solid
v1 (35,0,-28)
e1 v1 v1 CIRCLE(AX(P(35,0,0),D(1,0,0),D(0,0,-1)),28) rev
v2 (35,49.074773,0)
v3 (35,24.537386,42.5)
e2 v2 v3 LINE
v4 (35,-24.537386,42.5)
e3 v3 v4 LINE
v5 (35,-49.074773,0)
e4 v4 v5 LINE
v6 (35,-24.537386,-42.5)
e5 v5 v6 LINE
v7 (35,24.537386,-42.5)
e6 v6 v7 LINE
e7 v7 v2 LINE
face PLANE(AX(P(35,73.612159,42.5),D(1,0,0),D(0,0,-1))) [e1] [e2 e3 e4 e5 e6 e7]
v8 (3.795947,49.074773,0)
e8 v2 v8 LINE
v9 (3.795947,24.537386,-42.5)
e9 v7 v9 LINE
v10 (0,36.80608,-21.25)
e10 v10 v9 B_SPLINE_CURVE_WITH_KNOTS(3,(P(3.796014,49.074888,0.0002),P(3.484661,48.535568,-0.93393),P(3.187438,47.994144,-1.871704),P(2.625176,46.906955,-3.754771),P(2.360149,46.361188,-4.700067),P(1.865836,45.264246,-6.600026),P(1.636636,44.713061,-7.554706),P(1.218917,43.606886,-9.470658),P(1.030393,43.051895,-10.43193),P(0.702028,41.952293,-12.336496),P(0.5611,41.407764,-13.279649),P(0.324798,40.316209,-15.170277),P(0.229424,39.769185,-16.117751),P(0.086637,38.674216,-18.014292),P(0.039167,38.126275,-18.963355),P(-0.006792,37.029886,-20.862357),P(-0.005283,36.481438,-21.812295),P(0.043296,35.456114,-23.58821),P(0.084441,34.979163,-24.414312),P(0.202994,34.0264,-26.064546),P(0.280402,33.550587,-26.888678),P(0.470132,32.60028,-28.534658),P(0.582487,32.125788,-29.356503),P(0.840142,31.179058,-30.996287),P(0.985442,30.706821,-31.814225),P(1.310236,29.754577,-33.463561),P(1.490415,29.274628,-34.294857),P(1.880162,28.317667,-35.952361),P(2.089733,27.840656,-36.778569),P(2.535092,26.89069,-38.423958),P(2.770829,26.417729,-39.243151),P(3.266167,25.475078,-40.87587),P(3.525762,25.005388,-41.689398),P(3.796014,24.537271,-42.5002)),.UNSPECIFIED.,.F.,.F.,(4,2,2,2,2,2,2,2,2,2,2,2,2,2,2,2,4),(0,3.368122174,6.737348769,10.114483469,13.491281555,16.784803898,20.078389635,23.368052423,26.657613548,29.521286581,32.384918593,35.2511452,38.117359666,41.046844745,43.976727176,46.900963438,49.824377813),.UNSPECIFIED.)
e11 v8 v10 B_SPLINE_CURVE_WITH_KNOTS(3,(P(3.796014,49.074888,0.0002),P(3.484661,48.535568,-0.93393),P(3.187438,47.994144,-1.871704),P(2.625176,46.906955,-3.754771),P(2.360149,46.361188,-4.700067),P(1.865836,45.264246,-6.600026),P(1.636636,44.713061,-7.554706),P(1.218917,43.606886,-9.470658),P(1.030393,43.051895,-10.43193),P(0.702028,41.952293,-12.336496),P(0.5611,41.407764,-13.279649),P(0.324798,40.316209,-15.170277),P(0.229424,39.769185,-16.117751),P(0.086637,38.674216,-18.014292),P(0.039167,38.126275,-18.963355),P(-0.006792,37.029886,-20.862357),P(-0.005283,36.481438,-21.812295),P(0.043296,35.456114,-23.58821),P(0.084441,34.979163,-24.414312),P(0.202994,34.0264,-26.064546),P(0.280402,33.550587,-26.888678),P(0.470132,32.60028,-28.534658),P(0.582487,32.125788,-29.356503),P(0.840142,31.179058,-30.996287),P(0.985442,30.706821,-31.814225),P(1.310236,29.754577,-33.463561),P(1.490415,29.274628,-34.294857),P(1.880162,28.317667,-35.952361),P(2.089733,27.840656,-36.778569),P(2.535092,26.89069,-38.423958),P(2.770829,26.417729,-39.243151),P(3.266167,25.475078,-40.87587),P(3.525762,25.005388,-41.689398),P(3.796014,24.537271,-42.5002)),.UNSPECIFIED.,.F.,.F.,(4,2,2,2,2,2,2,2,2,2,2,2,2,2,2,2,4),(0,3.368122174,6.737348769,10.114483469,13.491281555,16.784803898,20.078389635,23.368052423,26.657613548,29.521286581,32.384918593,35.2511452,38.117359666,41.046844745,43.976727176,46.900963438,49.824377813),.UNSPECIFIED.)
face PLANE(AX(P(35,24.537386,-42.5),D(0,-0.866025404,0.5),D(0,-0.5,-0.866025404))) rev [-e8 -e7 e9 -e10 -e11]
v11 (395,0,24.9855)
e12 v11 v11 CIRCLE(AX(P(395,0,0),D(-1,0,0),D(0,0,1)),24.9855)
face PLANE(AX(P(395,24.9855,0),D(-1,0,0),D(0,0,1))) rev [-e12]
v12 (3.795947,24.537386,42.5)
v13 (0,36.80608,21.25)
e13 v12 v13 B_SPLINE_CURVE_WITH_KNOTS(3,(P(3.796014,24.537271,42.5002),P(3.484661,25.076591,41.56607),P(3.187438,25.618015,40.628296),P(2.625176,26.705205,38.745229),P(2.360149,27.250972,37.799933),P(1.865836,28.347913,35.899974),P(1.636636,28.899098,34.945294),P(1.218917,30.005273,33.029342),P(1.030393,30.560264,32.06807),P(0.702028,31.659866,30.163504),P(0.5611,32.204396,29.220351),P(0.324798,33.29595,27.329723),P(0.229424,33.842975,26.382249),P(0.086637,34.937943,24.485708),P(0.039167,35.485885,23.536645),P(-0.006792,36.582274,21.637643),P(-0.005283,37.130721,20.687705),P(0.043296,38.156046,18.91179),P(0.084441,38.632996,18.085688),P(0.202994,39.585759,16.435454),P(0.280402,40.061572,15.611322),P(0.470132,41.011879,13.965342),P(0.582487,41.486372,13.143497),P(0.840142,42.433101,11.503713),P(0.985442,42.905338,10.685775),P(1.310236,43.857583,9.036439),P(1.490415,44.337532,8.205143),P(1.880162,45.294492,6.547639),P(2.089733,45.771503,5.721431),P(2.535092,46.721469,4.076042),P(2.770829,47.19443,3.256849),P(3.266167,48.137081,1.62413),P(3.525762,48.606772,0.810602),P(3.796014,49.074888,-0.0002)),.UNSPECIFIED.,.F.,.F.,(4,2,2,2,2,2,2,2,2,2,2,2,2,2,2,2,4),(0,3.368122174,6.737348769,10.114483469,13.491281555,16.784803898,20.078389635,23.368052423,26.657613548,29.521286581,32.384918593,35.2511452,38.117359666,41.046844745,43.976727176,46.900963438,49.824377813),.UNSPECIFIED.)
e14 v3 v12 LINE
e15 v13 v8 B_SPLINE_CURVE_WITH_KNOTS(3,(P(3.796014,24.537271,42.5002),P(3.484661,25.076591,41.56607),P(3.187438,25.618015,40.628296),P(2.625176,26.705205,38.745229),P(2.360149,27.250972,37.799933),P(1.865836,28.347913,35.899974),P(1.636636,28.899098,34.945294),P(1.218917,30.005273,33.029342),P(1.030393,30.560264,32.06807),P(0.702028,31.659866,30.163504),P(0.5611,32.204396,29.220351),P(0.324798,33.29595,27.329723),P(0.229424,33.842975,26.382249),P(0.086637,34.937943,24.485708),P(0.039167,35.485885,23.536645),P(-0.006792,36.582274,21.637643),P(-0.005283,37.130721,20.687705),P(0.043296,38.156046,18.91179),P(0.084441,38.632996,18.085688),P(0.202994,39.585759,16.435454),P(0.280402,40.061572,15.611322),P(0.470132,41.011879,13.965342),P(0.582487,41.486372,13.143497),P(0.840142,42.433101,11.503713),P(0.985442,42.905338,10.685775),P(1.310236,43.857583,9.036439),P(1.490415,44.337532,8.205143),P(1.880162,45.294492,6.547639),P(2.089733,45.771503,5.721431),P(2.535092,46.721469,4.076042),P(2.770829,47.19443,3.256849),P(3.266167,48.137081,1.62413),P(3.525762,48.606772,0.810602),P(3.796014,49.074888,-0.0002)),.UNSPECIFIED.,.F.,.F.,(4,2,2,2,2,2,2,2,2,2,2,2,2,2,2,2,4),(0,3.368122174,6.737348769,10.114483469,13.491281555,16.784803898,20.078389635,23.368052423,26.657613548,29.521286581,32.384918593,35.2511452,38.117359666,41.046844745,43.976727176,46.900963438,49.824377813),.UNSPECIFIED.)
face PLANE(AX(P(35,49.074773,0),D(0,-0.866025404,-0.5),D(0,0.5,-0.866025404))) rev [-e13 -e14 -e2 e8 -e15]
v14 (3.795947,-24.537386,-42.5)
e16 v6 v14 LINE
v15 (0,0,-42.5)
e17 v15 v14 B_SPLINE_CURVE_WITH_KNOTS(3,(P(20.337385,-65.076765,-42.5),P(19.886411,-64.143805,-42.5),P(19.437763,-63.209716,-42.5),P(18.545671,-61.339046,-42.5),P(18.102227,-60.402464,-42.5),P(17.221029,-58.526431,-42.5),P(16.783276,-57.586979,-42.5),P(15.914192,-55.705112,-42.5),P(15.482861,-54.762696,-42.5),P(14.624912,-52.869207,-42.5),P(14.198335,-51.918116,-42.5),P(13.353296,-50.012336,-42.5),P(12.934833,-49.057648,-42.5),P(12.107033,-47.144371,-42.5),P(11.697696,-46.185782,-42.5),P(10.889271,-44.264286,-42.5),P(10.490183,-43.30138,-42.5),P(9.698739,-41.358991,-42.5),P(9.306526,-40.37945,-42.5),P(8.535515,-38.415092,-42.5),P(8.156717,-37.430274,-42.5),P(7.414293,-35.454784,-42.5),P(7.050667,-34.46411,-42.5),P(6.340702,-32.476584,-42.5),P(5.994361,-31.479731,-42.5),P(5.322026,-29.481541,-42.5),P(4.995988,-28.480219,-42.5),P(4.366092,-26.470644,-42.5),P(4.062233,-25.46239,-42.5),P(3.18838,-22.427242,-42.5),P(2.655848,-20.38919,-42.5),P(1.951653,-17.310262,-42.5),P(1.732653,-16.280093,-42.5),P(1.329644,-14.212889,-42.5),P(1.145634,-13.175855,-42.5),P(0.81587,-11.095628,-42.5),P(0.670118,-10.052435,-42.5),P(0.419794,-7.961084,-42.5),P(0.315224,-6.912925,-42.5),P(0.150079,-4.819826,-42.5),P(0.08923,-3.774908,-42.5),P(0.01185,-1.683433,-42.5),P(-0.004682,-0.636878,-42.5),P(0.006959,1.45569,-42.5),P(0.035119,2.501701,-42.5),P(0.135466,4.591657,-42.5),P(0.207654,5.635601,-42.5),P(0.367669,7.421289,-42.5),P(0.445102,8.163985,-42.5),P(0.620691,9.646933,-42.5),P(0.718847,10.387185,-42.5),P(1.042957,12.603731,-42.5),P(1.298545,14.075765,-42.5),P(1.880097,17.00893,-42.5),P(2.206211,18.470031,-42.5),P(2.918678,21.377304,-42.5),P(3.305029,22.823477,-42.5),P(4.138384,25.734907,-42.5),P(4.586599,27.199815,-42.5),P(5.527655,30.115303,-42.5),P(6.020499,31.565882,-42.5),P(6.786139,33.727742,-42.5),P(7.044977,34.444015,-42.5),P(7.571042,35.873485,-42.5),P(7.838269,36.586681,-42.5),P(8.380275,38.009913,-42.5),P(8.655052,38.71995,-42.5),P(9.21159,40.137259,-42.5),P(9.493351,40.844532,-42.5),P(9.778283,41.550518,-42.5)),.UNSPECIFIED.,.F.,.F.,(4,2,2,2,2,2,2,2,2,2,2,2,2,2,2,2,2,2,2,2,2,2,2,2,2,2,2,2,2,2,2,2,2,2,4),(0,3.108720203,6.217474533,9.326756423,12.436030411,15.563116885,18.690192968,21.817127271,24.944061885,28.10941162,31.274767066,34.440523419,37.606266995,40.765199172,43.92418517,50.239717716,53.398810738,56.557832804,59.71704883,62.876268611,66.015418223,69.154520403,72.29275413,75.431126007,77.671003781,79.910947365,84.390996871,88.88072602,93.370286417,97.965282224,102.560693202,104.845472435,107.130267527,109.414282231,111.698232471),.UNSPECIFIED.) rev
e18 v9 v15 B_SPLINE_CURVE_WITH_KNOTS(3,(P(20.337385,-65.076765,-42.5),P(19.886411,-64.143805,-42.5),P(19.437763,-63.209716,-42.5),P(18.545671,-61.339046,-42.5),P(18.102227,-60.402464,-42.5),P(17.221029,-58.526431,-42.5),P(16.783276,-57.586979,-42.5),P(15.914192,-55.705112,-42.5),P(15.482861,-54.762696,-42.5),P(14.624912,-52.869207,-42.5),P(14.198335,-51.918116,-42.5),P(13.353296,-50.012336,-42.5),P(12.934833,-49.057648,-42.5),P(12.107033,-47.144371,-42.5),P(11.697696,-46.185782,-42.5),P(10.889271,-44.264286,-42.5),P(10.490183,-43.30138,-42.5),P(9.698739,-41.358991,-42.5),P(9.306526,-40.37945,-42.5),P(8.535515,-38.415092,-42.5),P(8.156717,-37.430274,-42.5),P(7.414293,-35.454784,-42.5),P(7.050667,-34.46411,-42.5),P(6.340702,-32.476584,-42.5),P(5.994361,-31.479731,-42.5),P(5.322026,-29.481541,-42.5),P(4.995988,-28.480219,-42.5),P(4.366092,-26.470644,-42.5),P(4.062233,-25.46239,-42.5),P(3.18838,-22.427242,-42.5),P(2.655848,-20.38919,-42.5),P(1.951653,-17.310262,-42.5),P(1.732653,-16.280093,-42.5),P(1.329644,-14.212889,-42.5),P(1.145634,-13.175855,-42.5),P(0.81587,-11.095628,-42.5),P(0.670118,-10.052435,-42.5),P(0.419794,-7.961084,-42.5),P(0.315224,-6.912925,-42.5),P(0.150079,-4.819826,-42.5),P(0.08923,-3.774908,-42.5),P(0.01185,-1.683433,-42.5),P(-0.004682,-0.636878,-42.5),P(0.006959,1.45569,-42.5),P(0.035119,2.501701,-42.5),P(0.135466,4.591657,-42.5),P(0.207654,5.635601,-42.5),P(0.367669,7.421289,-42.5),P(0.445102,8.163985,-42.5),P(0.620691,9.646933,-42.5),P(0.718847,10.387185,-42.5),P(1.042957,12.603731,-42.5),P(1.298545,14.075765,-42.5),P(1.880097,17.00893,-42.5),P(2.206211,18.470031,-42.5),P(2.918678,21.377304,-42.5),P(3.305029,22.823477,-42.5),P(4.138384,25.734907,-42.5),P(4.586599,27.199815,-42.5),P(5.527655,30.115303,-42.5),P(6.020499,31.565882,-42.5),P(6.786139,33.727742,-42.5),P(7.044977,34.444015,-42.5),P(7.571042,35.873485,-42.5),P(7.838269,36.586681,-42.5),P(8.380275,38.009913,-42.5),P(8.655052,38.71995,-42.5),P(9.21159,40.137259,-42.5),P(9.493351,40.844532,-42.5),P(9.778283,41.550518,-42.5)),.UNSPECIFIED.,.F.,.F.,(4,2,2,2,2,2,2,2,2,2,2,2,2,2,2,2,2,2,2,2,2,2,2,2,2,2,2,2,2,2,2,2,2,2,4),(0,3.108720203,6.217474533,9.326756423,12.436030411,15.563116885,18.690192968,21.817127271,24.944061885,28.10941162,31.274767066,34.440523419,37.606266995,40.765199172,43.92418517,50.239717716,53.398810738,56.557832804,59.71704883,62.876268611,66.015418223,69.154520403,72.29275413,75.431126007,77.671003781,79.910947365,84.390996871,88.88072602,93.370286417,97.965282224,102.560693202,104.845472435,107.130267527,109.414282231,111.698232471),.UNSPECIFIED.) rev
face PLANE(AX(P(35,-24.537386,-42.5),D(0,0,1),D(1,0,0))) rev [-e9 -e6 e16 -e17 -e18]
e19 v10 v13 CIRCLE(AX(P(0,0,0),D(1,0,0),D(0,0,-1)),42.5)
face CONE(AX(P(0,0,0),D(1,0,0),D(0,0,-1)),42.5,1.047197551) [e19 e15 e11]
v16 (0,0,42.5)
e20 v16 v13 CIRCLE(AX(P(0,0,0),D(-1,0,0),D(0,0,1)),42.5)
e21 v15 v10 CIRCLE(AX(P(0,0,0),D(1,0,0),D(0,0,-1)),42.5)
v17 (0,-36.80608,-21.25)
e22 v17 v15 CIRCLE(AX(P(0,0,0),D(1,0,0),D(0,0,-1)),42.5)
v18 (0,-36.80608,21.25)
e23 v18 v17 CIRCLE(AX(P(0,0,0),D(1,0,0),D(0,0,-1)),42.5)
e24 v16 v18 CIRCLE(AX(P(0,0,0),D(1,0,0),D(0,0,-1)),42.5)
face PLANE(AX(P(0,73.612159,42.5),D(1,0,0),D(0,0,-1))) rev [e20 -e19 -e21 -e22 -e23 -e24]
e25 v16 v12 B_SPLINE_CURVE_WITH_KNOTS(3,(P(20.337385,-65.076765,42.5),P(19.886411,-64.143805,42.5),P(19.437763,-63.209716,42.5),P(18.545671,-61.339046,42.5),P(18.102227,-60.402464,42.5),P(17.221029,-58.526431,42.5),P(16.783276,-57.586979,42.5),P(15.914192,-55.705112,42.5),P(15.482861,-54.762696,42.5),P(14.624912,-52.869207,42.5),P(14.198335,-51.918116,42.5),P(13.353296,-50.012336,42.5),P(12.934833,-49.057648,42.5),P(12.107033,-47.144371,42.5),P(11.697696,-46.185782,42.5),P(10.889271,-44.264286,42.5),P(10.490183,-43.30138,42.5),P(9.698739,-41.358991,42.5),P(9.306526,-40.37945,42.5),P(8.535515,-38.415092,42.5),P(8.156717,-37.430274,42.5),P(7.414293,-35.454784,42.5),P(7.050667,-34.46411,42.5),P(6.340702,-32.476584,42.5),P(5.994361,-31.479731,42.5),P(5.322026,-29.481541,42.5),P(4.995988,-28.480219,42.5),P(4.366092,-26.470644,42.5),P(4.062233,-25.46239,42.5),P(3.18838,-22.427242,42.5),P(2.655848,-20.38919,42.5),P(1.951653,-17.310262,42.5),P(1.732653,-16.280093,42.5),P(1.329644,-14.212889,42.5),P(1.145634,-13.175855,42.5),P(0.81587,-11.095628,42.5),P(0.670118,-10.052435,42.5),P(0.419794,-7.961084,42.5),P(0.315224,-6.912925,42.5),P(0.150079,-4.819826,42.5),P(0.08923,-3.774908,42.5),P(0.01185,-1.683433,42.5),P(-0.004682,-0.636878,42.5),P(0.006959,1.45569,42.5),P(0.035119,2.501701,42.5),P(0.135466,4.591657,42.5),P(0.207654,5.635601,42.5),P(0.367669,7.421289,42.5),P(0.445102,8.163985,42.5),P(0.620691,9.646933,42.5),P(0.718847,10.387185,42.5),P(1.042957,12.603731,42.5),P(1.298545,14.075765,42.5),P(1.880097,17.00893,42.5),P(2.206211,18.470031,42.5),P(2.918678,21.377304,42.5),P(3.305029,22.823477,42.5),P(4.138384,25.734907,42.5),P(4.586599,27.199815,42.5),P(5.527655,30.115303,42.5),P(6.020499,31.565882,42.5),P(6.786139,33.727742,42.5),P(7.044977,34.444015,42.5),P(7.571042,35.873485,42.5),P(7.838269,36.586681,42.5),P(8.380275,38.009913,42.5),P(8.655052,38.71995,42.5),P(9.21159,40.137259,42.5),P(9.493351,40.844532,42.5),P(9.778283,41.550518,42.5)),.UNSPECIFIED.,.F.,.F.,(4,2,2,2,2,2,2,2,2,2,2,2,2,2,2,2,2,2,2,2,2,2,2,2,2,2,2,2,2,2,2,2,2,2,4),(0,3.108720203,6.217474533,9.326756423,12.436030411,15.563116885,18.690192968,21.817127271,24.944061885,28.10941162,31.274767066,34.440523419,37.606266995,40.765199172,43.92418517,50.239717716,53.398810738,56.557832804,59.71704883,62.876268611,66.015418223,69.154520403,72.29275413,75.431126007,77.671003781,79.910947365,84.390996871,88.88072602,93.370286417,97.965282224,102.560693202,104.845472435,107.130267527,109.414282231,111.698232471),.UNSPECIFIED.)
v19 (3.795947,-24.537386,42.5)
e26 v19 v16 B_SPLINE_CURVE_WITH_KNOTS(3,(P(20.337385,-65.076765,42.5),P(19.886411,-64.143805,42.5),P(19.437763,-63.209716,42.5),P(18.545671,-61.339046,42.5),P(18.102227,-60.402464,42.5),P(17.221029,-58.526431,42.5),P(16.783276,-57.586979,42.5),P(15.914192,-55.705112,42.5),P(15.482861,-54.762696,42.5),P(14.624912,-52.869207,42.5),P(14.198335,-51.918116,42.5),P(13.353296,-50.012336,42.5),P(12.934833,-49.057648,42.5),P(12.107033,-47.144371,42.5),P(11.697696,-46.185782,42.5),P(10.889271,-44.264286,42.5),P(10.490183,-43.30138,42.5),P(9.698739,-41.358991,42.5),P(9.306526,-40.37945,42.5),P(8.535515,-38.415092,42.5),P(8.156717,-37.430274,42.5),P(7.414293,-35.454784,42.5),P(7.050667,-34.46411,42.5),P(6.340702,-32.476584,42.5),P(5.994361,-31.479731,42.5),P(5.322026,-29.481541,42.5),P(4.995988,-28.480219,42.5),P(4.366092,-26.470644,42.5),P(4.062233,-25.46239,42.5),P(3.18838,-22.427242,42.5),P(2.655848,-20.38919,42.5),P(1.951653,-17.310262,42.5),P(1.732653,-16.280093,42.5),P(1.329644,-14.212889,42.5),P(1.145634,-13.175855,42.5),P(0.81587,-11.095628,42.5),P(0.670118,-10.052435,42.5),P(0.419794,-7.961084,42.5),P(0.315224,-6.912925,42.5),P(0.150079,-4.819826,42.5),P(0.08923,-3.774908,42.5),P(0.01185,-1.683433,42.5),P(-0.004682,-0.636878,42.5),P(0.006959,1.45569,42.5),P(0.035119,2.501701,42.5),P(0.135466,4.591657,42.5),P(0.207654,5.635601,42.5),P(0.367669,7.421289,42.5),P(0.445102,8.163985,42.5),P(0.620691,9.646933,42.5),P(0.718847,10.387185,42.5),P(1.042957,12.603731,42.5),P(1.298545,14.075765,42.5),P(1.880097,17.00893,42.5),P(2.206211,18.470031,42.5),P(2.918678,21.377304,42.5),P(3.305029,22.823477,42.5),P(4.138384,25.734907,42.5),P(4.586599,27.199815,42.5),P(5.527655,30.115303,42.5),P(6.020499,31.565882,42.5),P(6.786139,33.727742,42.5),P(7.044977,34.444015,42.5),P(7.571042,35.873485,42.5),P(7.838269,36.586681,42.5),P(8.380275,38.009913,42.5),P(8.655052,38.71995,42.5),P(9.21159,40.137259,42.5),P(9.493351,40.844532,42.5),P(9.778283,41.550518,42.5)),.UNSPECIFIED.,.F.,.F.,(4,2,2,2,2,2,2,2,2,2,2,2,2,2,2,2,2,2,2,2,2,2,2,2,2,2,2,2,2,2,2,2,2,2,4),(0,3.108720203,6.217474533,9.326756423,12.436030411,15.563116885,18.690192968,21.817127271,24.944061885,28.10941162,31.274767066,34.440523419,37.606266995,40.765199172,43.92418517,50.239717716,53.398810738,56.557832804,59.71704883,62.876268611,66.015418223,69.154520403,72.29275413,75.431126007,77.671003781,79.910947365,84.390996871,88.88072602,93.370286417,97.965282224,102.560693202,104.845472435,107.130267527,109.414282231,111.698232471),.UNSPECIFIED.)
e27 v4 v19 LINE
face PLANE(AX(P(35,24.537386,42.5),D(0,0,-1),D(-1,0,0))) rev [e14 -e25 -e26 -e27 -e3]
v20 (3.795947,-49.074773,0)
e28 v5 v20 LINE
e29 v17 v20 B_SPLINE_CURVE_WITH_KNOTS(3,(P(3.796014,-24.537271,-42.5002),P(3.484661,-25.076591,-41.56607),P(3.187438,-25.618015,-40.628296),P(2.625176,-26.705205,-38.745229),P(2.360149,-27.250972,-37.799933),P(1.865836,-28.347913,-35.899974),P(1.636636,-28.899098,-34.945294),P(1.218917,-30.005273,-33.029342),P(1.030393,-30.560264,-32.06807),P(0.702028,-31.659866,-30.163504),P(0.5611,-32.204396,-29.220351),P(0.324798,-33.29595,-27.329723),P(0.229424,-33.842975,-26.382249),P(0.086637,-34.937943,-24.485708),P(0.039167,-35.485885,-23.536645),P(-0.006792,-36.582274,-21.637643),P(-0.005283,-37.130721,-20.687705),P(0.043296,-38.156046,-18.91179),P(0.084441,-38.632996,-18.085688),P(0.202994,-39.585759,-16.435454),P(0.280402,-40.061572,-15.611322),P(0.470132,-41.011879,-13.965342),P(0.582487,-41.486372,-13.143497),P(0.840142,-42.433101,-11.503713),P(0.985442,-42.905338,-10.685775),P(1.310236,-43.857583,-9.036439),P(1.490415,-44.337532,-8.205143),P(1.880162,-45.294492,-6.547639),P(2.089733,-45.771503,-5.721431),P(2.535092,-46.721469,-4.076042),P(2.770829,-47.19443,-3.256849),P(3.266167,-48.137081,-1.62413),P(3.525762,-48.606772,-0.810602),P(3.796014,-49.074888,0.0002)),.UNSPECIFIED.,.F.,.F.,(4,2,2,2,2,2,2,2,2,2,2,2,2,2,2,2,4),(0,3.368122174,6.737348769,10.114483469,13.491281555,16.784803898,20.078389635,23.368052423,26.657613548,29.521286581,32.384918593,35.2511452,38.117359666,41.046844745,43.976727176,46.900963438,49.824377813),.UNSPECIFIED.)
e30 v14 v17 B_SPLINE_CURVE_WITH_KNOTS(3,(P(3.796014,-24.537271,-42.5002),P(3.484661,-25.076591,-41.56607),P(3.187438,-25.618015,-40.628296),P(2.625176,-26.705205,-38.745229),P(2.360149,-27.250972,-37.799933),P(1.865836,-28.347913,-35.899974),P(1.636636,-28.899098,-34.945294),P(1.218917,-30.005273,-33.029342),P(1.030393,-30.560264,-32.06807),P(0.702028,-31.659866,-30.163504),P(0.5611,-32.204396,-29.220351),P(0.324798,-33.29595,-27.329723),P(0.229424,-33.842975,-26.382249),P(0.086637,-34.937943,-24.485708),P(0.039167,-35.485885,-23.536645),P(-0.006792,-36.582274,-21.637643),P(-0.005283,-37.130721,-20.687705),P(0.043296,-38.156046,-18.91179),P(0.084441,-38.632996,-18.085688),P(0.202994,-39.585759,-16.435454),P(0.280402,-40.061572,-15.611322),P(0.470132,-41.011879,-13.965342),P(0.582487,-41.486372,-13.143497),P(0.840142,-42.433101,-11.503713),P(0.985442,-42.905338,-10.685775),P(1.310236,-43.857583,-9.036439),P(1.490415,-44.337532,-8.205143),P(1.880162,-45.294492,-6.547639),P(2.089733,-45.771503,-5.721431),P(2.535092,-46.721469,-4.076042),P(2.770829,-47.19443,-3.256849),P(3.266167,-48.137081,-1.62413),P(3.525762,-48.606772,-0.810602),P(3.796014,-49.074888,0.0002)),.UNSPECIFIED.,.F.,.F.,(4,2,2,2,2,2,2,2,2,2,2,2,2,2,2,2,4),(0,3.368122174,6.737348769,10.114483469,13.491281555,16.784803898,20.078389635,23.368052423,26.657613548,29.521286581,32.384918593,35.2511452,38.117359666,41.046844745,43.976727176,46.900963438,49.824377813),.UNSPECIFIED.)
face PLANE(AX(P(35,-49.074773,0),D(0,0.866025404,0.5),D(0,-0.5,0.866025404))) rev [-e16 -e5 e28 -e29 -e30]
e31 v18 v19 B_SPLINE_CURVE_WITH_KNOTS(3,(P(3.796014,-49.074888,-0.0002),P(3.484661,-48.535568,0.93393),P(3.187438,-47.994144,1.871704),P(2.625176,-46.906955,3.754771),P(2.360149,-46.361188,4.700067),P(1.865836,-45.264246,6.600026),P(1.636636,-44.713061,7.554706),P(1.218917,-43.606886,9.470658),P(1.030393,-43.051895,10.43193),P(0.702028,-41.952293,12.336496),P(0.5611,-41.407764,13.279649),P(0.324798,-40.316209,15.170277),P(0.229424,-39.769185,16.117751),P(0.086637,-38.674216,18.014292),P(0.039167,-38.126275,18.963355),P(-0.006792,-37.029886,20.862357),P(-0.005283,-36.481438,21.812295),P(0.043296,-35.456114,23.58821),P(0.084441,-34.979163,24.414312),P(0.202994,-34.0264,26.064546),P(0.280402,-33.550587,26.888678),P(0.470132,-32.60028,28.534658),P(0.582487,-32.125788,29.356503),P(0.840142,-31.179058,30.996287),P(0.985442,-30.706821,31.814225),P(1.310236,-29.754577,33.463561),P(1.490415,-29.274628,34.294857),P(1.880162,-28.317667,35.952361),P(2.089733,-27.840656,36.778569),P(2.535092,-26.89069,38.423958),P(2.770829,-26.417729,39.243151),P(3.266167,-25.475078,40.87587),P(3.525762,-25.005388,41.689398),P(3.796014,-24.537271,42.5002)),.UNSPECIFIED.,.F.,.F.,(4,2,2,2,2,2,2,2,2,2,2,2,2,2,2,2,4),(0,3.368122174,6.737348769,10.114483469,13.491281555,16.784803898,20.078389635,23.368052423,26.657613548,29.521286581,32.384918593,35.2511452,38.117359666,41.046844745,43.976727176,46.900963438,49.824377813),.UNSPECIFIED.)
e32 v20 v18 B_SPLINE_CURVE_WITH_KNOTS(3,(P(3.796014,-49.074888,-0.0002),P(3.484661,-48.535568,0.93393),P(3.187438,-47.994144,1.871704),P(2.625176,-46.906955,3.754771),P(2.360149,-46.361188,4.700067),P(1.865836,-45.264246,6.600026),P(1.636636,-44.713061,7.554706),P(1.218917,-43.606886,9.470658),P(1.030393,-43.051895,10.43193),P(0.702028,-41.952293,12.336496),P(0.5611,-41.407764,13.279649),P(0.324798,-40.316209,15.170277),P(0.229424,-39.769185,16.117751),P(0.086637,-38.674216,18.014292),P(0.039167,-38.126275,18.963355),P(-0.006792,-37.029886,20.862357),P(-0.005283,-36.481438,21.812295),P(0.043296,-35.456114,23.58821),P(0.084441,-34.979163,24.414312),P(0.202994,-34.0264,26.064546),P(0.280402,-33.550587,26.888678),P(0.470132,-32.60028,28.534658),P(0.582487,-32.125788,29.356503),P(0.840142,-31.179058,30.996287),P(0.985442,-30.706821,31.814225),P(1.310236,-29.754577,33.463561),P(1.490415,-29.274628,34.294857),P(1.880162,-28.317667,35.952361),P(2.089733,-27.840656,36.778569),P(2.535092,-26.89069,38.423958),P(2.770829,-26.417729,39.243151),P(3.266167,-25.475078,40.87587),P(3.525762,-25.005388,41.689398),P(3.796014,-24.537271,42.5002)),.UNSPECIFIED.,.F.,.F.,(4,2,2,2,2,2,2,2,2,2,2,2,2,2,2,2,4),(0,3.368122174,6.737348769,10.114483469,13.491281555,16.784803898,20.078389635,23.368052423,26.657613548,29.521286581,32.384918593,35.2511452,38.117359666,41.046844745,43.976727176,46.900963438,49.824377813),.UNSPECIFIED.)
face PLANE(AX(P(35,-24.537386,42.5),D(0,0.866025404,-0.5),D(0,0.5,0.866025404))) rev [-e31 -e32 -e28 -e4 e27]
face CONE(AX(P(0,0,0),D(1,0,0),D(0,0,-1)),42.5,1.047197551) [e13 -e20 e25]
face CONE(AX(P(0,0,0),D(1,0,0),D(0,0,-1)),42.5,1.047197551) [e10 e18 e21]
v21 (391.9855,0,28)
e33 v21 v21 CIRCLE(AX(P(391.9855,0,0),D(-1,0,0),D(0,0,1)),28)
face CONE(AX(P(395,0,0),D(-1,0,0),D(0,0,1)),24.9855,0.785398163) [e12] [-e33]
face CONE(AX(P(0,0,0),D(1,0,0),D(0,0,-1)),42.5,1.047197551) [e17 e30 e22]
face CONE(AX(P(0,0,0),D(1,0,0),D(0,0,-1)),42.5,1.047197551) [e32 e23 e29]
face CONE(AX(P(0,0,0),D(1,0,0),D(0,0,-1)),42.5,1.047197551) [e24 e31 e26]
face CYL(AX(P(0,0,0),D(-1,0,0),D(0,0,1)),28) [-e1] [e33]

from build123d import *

# Parameters (mm, degrees)
BASEHEAD_DEPTH = 35


with BuildPart() as part:
    # BaseHeadSke → BaseHead (new body)
    with BuildSketch(Plane(origin=(0, 0, 0), x_dir=(0, 0, -1), z_dir=(1, 0, 0))):
        Polygon((0, 49.074772881), (-42.5, 24.537386441), (-42.5, -24.537386441), (0, -49.074772881), (42.5, -24.537386441), (42.5, 24.537386441), align=None)
    extrude(amount=BASEHEAD_DEPTH)

    # HeadChamferSke → HeadChamfer (revolve, cut)
    with BuildSketch(Plane.XY):
        Polygon((0, 49.074772881), (0, 42.5), (3.795946893, 49.074772881), align=None)
    revolve(axis=Axis((0, 0, 0), (1, 0, 0)), mode=Mode.SUBTRACT)

    # BodySke → BaseBody (revolve)
    with BuildSketch(Plane.XY, mode=Mode.PRIVATE) as basebody_sk:
        Polygon((0, 0), (0, 28), (391.9855, 28), (395, 24.9855), (395, 0), align=None)
    revolve(basebody_sk.sketch.rotate(Axis((0, 0, 0), (1, 0, 0)), 90), axis=Axis((0, 0, 0), (1, 0, 0)))


solid = part.part
